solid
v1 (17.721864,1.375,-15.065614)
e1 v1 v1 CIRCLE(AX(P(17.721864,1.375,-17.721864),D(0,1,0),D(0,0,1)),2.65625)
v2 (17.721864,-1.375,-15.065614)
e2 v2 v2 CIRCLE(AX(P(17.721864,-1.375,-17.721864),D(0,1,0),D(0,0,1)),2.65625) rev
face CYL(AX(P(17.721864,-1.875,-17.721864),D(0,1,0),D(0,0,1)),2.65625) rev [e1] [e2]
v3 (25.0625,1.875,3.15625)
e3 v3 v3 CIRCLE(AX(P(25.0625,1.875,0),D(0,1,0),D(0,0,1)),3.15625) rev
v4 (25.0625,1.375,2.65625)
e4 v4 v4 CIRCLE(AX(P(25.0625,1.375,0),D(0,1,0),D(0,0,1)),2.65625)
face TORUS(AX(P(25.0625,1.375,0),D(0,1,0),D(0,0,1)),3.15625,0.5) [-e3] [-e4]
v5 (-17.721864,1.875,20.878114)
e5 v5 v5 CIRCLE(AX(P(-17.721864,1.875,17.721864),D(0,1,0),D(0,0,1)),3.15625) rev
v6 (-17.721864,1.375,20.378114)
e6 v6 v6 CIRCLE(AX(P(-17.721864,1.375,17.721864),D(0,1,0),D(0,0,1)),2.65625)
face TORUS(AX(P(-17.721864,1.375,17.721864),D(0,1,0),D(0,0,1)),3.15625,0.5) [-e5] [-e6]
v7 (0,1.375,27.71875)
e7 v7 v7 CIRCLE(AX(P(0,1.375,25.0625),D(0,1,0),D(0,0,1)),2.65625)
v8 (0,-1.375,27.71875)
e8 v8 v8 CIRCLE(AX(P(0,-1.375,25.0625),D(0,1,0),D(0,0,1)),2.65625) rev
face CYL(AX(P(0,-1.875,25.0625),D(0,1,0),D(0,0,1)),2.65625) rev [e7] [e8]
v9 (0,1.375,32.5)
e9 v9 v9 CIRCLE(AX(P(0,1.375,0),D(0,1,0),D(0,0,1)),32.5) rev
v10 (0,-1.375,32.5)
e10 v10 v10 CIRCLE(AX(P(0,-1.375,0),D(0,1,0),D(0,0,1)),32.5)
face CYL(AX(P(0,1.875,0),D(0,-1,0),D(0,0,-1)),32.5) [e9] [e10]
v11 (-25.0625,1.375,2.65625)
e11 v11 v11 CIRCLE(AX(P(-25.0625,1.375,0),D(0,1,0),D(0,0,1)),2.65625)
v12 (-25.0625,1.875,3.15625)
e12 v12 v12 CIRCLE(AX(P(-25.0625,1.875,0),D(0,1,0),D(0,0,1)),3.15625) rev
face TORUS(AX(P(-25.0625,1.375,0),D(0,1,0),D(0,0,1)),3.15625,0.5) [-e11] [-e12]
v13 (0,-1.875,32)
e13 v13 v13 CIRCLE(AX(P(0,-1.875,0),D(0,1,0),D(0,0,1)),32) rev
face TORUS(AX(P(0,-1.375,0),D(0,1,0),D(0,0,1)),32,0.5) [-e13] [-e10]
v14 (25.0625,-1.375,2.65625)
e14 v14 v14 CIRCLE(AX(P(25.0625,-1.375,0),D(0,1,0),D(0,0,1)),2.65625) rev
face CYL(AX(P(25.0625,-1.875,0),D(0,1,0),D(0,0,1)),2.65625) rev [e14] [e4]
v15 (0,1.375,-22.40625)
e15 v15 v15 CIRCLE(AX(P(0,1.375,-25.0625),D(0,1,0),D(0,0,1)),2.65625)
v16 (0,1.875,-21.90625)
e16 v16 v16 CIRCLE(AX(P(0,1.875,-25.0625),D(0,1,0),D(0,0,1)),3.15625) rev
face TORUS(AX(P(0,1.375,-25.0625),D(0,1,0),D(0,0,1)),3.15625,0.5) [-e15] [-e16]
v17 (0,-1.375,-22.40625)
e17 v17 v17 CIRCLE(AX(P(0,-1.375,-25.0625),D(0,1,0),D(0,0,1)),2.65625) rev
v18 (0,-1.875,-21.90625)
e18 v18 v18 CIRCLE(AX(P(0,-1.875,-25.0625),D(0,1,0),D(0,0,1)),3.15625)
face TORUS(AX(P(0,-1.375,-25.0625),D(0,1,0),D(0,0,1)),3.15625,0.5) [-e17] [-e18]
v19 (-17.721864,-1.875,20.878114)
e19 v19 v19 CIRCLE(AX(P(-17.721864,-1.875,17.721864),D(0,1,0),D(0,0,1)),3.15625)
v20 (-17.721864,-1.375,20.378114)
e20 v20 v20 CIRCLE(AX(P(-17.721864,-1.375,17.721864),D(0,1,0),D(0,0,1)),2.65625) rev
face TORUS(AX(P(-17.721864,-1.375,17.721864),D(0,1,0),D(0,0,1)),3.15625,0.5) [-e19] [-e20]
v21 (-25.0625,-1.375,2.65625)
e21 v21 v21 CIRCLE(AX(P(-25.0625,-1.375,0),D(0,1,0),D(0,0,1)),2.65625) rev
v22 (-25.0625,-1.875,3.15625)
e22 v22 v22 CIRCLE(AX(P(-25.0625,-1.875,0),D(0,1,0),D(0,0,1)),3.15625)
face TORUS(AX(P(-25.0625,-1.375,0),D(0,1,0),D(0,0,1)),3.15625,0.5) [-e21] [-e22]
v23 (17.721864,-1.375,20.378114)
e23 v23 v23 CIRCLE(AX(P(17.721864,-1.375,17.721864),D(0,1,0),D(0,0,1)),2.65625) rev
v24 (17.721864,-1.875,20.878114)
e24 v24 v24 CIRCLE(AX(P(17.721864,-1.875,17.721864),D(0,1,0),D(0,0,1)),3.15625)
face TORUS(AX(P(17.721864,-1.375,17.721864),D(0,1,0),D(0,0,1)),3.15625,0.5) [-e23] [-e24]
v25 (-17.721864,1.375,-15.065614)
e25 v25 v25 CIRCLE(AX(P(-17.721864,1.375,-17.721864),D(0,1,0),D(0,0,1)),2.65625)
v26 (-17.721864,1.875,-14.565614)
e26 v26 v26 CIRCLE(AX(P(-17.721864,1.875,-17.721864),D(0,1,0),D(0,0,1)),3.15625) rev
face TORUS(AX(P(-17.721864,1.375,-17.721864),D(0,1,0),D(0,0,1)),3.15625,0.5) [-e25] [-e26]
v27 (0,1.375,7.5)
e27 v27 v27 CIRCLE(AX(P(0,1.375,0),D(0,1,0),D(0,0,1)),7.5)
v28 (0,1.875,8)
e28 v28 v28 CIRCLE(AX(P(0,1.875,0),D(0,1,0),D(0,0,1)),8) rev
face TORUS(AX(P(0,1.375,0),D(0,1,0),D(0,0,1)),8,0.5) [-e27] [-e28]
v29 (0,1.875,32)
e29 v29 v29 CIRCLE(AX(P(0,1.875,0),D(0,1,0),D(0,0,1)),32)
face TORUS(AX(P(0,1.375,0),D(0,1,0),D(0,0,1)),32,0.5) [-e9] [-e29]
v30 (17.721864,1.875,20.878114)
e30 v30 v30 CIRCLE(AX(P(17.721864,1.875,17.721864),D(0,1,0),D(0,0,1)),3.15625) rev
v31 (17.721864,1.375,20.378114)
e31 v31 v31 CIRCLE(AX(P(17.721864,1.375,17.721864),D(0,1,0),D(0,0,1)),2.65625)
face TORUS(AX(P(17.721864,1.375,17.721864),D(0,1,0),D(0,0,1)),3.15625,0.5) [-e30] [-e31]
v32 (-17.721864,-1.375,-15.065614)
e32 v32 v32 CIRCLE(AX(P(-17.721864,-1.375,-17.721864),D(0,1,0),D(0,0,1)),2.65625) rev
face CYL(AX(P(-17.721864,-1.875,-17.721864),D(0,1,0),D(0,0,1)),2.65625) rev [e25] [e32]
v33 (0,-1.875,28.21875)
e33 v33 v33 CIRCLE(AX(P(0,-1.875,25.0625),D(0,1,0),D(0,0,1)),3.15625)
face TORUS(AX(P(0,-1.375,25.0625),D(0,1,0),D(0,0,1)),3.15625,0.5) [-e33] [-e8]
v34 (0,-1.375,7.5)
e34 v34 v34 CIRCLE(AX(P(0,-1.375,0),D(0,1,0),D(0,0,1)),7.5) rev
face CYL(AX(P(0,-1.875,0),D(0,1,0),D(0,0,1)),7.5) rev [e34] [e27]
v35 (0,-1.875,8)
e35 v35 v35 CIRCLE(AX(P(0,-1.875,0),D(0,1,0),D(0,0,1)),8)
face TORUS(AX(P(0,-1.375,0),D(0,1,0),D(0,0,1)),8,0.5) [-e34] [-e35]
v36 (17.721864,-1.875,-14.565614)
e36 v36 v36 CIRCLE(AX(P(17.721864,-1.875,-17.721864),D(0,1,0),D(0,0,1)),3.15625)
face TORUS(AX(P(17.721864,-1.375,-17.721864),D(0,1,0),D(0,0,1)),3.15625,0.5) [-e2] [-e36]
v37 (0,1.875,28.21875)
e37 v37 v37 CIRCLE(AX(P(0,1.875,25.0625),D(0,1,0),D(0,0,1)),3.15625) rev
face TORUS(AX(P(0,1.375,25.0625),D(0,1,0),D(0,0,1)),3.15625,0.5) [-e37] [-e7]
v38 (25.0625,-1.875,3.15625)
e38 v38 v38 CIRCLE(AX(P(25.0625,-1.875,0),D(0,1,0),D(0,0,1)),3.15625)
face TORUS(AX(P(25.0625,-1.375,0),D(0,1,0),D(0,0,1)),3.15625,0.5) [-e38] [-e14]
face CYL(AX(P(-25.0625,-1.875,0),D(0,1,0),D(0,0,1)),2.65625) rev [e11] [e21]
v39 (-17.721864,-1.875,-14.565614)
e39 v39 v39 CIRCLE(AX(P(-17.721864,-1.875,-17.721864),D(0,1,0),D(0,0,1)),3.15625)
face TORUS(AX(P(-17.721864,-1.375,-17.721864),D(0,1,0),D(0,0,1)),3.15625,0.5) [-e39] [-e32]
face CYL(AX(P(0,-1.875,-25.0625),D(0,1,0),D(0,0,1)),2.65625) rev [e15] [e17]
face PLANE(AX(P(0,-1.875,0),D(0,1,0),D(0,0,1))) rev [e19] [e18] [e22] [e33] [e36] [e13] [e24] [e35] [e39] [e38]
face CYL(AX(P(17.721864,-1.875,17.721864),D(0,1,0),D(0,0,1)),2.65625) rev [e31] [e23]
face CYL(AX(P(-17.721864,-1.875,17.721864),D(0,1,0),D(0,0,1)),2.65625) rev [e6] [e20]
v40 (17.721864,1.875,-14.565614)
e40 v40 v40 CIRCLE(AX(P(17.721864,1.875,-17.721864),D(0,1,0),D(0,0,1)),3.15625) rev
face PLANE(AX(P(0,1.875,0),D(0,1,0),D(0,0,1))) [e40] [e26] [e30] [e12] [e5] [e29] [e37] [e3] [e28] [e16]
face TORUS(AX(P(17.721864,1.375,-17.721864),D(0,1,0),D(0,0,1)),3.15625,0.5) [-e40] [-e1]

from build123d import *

# Parameters (mm, degrees)
SKETCH2_R               = 32.5
BOSS_EXTRUDE1_DEPTH     = 1.875
SKETCH3_R               = 7.5
CUT_EXTRUDE1_DEPTH      = 2.875
CUT_EXTRUDE1_DEPTH_BACK = 2.875
SKETCH4_R               = 2.65625
CUT_EXTRUDE2_DEPTH      = 2.875
CIRPATTERN1_COUNT       = 8
FILLET1_R               = 0.5


with BuildPart() as part:
    # Sketch2 → Boss-Extrude1 (new body, symmetric)
    with BuildSketch(Plane(origin=(0, 0, 0), x_dir=(1, 0, 0), z_dir=(0, 1, 0))):
        Circle(SKETCH2_R)
    extrude(amount=BOSS_EXTRUDE1_DEPTH, both=True)

    # Sketch3 → Cut-Extrude1 (cut, two sides)
    with BuildSketch(Plane(origin=(0, 0, 0), x_dir=(1, 0, 0), z_dir=(0, 1, 0))) as cut_extrude1_sk:
        Circle(SKETCH3_R)
    extrude(amount=CUT_EXTRUDE1_DEPTH, mode=Mode.SUBTRACT)
    extrude(cut_extrude1_sk.sketch, amount=-CUT_EXTRUDE1_DEPTH_BACK, mode=Mode.SUBTRACT)

    # Sketch4 → Cut-Extrude2 (cut, symmetric)
    with BuildSketch(Plane(origin=(0, 0, 0), x_dir=(1, 0, 0), z_dir=(0, 1, 0))):
        with Locations((0, 25.0625)):
            Circle(SKETCH4_R)
    cut_extrude2 = extrude(amount=CUT_EXTRUDE2_DEPTH, both=True, mode=Mode.SUBTRACT)

    # CirPattern1: Cut-Extrude2 ×8 about axis
    cirpattern1_axis = Axis((0, 0, 0), (0, 1, 0))
    for i in range(1, CIRPATTERN1_COUNT):
        add(cut_extrude2.rotate(cirpattern1_axis, i * 360 / CIRPATTERN1_COUNT), mode=Mode.SUBTRACT)

    # Fillet1
    fillet1_edges = [part.edges().sort_by_distance(p)[0] for p in [
        (-2.65625, -1.875, -25.0625),
        (-2.65625, 1.875, -25.0625),
        (-32.5, -1.875, 0),
        (-25.0625, -1.875, 2.65625),
        (-25.0625, 1.875, 2.65625),
        (-15.843611316, -1.875, 19.600116091),
        (-15.843611316, 1.875, 19.600116091),
        (2.65625, -1.875, 25.0625),
        (2.65625, 1.875, 25.0625),
        (19.600116091, -1.875, 15.843611316),
        (19.600116091, 1.875, 15.843611316),
        (25.0625, -1.875, -2.65625),
        (25.0625, 1.875, -2.65625),
        (15.843611316, -1.875, -19.600116091),
        (15.843611316, 1.875, -19.600116091),
        (-19.600116091, -1.875, -15.843611316),
        (-19.600116091, 1.875, -15.843611316),
        (-32.5, 1.875, 0),
        (-7.5, -1.875, 0),
        (-7.5, 1.875, 0),
    ]]
    fillet(fillet1_edges, radius=FILLET1_R)


solid = part.part
